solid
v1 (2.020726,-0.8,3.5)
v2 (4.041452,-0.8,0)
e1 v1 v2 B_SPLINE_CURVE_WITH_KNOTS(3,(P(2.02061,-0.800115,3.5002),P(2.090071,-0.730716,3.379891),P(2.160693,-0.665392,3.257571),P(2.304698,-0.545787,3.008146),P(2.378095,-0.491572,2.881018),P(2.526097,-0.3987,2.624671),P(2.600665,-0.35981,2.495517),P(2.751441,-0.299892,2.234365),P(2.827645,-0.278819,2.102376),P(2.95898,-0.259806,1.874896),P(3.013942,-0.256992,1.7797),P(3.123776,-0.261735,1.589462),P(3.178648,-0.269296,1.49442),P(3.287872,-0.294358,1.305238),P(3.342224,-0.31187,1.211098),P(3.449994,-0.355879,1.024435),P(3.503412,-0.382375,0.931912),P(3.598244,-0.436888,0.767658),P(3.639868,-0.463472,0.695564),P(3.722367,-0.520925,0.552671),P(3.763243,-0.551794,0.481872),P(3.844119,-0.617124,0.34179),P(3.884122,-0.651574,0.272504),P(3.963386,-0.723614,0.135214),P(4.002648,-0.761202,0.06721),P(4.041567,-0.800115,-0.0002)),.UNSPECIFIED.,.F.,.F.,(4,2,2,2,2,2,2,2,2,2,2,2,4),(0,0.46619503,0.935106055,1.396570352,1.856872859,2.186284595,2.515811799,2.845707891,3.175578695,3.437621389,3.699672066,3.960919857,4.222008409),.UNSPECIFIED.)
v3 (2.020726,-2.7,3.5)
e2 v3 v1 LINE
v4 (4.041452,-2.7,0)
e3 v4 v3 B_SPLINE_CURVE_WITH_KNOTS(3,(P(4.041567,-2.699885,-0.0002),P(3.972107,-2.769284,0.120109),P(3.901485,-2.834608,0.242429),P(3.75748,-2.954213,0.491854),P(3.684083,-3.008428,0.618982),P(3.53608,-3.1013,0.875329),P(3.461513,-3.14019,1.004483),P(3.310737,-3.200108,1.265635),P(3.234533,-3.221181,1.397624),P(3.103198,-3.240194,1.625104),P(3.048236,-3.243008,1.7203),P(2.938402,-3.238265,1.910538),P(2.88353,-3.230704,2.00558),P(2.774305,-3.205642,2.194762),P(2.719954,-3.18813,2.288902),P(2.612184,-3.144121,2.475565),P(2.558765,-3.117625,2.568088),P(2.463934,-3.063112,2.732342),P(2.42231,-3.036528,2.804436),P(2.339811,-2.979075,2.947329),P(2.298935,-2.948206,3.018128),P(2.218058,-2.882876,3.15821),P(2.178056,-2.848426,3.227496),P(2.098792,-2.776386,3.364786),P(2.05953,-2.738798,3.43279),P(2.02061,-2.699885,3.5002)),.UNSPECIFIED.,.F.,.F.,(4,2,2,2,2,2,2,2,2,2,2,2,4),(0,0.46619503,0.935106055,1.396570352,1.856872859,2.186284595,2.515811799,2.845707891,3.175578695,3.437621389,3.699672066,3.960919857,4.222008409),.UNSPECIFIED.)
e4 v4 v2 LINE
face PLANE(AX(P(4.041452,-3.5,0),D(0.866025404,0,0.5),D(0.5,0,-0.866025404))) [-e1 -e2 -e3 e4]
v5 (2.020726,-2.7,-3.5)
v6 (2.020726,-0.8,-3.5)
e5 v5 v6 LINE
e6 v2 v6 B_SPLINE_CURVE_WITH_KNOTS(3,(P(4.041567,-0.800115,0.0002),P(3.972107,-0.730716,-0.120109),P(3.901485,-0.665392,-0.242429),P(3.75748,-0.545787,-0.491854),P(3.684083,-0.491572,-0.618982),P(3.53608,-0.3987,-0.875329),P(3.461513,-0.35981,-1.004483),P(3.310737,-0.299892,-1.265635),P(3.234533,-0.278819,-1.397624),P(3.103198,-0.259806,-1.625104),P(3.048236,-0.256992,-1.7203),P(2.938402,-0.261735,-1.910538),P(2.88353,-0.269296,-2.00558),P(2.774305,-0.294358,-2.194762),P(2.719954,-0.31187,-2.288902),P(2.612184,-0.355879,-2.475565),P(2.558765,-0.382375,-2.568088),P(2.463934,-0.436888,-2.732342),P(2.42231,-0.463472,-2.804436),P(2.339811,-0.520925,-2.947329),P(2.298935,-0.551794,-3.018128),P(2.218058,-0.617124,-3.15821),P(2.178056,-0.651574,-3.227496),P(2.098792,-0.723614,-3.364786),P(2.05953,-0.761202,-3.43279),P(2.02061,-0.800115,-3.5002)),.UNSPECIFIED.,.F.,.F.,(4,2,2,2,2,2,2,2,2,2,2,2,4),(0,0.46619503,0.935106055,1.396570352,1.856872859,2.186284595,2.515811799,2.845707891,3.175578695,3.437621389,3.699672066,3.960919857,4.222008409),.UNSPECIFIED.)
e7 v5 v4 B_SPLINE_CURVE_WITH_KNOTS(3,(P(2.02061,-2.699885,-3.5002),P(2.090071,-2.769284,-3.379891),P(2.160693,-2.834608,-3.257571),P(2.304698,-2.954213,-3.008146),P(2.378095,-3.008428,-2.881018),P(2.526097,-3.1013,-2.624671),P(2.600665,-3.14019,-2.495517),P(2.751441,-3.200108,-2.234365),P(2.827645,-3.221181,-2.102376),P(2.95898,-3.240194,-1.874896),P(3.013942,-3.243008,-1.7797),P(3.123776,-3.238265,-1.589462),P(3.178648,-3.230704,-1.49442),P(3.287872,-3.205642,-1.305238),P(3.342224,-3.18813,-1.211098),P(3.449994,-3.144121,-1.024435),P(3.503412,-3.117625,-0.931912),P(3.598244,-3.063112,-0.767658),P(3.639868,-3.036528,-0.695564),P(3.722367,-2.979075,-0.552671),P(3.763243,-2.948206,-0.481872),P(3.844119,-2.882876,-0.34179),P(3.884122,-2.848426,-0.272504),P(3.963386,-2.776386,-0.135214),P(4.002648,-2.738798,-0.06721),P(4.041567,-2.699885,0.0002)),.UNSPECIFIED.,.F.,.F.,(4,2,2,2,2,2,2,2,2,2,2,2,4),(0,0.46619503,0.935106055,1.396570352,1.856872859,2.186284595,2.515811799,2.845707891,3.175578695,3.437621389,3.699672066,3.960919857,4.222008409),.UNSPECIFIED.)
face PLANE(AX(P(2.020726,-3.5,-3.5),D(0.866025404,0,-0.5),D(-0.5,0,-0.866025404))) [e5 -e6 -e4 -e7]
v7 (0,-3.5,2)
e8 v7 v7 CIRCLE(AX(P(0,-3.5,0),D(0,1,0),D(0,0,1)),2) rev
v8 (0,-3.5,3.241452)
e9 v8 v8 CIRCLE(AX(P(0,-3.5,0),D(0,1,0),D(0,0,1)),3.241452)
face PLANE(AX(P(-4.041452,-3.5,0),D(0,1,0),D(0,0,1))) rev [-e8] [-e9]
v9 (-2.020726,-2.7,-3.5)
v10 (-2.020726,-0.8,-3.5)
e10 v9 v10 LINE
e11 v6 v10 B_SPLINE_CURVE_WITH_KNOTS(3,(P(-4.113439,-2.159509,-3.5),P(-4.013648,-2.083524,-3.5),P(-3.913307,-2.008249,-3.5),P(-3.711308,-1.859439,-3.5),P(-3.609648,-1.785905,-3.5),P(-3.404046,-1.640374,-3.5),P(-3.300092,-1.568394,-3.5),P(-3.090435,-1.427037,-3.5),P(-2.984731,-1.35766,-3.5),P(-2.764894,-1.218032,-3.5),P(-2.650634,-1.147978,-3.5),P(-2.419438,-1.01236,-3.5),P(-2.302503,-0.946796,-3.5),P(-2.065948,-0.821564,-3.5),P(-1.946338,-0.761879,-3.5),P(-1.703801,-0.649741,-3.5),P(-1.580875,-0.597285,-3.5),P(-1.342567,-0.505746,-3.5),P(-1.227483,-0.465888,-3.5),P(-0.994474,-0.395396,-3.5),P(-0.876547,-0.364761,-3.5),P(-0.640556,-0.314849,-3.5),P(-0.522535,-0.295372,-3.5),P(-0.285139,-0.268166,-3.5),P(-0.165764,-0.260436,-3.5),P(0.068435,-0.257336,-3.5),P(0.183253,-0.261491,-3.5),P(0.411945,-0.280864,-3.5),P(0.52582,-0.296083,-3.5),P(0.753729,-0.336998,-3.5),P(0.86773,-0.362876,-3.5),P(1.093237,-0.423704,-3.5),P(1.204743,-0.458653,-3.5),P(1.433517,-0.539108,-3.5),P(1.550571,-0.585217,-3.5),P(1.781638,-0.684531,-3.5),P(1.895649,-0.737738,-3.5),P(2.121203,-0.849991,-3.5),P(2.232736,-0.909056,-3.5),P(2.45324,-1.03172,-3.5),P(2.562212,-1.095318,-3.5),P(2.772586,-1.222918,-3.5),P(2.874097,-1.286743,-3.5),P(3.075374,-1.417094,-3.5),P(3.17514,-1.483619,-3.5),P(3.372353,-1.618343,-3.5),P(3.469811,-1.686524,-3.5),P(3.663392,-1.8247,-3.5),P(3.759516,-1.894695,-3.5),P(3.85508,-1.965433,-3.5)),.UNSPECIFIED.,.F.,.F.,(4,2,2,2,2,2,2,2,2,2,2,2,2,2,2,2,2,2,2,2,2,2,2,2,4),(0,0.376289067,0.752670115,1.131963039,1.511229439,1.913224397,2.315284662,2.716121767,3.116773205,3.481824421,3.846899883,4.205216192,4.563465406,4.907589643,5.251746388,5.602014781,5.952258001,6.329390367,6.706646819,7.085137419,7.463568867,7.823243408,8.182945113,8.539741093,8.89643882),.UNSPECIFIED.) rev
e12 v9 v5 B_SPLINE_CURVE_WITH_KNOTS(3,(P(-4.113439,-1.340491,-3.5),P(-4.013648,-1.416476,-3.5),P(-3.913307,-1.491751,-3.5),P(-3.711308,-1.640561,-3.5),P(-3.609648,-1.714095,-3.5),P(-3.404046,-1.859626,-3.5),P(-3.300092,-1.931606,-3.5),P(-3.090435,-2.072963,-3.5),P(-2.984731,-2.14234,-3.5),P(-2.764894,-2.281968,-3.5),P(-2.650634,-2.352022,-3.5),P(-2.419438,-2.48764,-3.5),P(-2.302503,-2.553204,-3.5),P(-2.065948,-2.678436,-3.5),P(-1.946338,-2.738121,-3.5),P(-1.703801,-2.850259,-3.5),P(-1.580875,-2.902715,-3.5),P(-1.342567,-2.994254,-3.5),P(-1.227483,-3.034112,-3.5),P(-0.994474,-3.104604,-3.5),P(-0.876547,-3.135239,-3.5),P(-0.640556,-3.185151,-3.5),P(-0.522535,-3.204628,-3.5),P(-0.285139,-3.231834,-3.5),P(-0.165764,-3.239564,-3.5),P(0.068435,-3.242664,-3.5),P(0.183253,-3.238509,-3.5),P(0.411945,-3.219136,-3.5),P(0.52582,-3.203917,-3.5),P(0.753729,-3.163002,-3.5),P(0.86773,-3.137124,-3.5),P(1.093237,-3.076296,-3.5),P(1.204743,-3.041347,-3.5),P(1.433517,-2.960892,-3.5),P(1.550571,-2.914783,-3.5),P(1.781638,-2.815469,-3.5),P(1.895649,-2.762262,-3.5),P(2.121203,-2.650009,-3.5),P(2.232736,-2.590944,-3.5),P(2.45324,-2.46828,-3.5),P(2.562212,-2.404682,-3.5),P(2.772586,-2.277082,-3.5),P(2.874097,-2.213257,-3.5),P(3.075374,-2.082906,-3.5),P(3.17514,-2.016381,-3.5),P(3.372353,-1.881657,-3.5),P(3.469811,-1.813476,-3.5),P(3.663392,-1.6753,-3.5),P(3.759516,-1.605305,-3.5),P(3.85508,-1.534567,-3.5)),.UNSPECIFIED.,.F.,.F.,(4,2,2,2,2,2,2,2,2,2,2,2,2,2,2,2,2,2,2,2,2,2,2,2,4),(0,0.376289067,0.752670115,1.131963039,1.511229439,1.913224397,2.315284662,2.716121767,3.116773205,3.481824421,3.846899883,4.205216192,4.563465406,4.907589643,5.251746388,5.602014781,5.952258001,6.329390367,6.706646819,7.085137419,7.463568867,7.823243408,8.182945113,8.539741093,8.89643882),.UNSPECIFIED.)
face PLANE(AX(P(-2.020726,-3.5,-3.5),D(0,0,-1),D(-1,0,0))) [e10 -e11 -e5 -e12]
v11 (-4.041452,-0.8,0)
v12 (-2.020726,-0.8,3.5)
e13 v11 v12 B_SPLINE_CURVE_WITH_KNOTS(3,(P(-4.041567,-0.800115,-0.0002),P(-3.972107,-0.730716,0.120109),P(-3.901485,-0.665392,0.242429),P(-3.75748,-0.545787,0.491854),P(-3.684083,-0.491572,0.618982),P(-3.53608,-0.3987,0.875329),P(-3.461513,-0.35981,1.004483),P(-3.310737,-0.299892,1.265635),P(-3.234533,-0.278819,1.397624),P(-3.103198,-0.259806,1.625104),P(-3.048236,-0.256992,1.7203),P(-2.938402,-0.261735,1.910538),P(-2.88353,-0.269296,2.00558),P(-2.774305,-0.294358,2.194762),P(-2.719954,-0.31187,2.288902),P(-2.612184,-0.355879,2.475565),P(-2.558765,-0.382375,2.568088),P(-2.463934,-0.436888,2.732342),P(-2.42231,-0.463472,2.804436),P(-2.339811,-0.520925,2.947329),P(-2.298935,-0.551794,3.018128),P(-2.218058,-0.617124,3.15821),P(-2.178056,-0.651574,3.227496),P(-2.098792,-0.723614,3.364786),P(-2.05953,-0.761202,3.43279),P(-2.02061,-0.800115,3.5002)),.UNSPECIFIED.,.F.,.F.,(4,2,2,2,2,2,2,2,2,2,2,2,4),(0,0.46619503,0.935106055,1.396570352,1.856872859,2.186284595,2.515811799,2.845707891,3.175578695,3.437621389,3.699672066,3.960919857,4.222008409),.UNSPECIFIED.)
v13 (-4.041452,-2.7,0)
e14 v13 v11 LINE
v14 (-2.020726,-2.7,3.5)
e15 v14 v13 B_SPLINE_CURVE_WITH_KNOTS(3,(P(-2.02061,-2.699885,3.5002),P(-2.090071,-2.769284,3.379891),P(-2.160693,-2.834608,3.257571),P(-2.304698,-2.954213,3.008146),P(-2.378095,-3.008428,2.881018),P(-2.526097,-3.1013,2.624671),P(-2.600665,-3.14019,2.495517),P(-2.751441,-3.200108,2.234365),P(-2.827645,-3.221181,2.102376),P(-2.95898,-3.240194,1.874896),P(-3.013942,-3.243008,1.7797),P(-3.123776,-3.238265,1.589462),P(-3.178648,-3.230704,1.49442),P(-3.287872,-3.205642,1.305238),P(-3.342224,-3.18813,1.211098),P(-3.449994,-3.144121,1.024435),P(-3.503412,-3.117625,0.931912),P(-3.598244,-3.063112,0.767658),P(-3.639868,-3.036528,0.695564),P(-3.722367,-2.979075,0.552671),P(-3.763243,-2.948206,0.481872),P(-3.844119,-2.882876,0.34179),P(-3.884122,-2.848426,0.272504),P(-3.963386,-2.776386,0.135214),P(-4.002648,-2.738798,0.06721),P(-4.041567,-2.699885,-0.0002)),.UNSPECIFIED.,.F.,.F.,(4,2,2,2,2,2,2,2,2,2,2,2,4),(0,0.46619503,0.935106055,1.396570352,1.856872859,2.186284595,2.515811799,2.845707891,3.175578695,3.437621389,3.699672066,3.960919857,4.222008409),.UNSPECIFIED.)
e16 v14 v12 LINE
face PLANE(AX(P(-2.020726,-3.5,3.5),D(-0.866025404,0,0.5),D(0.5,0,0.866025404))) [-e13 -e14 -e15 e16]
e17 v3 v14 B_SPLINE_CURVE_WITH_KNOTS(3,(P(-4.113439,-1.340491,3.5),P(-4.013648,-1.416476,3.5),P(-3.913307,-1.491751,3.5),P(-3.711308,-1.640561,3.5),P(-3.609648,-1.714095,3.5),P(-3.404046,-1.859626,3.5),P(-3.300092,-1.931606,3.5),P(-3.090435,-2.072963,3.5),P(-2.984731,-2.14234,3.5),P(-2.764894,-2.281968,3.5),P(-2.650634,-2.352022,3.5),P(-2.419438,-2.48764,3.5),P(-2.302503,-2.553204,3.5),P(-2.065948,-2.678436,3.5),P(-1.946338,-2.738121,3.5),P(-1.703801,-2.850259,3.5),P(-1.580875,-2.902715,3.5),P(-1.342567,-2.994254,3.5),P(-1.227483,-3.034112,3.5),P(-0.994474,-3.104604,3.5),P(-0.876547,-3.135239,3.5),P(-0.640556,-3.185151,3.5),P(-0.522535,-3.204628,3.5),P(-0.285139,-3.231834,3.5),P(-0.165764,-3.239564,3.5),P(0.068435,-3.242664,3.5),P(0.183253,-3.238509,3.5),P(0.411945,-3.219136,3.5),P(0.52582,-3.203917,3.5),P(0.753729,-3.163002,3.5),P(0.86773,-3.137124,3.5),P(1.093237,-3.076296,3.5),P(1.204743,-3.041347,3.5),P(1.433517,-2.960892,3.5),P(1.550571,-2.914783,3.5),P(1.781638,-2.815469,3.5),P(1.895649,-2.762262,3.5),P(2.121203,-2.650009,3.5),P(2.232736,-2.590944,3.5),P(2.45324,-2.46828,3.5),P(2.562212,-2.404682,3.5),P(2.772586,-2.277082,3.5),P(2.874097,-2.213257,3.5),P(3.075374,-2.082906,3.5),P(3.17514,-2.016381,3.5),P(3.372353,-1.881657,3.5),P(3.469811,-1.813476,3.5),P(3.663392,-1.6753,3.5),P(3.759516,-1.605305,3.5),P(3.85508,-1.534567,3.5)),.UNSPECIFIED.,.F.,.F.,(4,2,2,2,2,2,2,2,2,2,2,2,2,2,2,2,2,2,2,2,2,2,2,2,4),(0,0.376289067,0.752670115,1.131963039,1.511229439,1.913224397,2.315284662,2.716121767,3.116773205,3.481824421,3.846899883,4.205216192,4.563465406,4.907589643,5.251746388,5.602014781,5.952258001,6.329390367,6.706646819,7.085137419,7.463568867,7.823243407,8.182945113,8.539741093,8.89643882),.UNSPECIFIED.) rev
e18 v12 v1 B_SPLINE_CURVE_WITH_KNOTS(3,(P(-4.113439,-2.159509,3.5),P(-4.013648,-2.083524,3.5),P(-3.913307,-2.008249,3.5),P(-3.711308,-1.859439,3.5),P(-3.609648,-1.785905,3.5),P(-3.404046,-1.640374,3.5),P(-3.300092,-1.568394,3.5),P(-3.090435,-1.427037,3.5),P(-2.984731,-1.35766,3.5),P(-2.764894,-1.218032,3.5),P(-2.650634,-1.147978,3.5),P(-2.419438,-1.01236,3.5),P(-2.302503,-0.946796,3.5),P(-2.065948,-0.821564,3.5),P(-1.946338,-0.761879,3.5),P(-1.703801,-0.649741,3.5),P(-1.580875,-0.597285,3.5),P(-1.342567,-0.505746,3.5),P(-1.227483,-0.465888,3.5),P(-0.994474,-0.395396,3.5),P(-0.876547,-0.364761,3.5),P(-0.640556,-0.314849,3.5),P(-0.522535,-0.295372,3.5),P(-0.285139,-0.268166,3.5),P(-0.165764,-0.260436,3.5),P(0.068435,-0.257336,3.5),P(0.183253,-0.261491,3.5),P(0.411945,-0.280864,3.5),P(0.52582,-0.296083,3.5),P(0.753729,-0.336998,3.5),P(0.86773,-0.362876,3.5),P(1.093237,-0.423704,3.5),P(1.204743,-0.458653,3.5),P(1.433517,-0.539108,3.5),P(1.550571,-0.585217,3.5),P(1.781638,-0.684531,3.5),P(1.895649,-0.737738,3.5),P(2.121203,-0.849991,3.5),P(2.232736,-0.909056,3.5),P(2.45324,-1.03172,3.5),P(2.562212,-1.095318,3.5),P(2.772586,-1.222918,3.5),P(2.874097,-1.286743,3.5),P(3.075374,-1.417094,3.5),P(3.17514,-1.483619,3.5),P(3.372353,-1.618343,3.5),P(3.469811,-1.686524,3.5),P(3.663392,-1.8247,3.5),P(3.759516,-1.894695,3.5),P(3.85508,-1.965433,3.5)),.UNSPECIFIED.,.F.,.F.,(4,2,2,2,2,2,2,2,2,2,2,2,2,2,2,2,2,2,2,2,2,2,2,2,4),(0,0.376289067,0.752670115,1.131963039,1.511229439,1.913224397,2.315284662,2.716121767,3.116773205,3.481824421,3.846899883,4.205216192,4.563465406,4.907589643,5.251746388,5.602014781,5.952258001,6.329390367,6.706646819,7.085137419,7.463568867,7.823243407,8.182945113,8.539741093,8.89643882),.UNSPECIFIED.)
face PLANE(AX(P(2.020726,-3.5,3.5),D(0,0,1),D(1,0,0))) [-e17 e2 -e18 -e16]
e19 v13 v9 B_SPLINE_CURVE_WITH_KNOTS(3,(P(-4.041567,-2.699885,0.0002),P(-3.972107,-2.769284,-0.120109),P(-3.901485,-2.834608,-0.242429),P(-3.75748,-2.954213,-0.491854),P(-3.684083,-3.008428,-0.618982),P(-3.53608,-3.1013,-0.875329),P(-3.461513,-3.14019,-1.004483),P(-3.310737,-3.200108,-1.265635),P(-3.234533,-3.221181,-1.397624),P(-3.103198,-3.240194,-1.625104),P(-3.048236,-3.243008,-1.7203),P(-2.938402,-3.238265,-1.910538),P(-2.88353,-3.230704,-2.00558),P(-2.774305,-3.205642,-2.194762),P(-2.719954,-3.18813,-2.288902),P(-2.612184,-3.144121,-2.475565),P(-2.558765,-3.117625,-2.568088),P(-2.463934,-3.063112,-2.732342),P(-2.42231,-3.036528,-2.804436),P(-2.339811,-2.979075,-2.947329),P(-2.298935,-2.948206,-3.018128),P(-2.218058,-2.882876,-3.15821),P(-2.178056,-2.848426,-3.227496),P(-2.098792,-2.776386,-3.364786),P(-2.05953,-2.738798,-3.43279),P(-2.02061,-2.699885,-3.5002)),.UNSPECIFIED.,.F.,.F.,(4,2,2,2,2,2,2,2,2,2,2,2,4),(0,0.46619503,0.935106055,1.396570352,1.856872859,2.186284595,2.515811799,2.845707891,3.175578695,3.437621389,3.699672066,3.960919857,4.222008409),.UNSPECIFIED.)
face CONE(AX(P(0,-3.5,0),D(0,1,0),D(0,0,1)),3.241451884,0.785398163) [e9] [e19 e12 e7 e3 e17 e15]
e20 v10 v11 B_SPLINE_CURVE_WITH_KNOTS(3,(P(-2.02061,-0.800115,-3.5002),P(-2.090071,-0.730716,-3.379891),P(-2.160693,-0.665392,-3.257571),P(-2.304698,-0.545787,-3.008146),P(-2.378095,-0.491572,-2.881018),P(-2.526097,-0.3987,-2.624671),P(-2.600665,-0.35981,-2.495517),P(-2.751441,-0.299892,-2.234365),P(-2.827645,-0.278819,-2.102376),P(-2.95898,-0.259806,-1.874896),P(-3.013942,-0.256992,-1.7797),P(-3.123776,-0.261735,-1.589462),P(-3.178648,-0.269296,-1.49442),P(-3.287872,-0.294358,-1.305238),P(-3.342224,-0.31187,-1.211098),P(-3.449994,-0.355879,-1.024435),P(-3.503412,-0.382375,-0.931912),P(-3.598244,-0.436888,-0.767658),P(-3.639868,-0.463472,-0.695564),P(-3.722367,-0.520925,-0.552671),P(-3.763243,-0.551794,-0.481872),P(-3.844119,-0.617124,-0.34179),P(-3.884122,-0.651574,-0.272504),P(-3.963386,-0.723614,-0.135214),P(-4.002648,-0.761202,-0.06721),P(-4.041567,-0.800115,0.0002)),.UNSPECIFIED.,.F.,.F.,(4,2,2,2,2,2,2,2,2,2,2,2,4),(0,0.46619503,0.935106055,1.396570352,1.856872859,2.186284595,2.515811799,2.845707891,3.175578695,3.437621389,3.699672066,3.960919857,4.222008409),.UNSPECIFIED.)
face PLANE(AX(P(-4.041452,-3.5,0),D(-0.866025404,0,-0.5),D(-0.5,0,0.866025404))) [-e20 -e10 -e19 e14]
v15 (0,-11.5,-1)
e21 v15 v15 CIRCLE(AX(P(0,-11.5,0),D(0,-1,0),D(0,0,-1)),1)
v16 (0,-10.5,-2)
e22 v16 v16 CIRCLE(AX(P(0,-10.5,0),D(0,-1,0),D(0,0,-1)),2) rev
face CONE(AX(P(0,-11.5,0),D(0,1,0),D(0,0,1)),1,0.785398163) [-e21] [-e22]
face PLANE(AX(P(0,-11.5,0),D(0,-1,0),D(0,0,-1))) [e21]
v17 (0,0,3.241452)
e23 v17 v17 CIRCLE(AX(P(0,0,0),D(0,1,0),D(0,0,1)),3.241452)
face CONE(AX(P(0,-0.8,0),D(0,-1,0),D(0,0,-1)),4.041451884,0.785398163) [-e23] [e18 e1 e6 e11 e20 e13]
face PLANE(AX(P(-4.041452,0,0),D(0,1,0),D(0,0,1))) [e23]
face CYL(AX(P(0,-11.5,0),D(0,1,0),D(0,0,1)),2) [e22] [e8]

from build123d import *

# Parameters (mm, degrees)
EXTRUDE_1_DEPTH = 3.5
SKETCH_5_R      = 2
EXTRUDE_2_DEPTH = 8
CHAMFER_1_SIZE  = 1


with BuildPart() as part:
    # Эскиз1 → Вытянуть1 (new body)
    with BuildSketch(Plane(origin=(0, 0, 0), x_dir=(1, 0, 0), z_dir=(0, 1, 0))):
        Polygon((-2.020725942, 3.5), (2.020725942, 3.5), (4.041451884, 0), (2.020725942, -3.5), (-2.020725942, -3.5), (-4.041451884, 0), align=None)
    extrude(amount=-EXTRUDE_1_DEPTH)

    # Эскиз5 → Вытянуть2 (add)
    with BuildSketch(Plane.XZ.offset(3.5)):
        with Locations(Location((0, 0, 0), (0, 0, 90))):
            Circle(SKETCH_5_R)
    extrude(amount=EXTRUDE_2_DEPTH)

    # Фаска1
    chamfer_1_edges = [part.edges().sort_by_distance(p)[0] for p in [
        (0, -11.5, -2),
    ]]
    chamfer(chamfer_1_edges, length=CHAMFER_1_SIZE)

    # Эскиз4 → Вырез-Повернуть1 (revolve, cut)
    with BuildSketch(Plane.XY, mode=Mode.PRIVATE) as cut_revolve_1_sk:
        Polygon((-4.041451884, -0.8), (-3.241451884, 0), (-4.041451884, 0), align=None)
        Polygon((-4.041451884, -2.7), (-3.241451884, -3.5), (-4.041451884, -3.5), align=None)
    revolve(cut_revolve_1_sk.sketch.rotate(Axis((0, -3.5, 0), (0, -1, 0)), 120.000000136), axis=Axis((0, -3.5, 0), (0, -1, 0)), mode=Mode.SUBTRACT)


solid = part.part
